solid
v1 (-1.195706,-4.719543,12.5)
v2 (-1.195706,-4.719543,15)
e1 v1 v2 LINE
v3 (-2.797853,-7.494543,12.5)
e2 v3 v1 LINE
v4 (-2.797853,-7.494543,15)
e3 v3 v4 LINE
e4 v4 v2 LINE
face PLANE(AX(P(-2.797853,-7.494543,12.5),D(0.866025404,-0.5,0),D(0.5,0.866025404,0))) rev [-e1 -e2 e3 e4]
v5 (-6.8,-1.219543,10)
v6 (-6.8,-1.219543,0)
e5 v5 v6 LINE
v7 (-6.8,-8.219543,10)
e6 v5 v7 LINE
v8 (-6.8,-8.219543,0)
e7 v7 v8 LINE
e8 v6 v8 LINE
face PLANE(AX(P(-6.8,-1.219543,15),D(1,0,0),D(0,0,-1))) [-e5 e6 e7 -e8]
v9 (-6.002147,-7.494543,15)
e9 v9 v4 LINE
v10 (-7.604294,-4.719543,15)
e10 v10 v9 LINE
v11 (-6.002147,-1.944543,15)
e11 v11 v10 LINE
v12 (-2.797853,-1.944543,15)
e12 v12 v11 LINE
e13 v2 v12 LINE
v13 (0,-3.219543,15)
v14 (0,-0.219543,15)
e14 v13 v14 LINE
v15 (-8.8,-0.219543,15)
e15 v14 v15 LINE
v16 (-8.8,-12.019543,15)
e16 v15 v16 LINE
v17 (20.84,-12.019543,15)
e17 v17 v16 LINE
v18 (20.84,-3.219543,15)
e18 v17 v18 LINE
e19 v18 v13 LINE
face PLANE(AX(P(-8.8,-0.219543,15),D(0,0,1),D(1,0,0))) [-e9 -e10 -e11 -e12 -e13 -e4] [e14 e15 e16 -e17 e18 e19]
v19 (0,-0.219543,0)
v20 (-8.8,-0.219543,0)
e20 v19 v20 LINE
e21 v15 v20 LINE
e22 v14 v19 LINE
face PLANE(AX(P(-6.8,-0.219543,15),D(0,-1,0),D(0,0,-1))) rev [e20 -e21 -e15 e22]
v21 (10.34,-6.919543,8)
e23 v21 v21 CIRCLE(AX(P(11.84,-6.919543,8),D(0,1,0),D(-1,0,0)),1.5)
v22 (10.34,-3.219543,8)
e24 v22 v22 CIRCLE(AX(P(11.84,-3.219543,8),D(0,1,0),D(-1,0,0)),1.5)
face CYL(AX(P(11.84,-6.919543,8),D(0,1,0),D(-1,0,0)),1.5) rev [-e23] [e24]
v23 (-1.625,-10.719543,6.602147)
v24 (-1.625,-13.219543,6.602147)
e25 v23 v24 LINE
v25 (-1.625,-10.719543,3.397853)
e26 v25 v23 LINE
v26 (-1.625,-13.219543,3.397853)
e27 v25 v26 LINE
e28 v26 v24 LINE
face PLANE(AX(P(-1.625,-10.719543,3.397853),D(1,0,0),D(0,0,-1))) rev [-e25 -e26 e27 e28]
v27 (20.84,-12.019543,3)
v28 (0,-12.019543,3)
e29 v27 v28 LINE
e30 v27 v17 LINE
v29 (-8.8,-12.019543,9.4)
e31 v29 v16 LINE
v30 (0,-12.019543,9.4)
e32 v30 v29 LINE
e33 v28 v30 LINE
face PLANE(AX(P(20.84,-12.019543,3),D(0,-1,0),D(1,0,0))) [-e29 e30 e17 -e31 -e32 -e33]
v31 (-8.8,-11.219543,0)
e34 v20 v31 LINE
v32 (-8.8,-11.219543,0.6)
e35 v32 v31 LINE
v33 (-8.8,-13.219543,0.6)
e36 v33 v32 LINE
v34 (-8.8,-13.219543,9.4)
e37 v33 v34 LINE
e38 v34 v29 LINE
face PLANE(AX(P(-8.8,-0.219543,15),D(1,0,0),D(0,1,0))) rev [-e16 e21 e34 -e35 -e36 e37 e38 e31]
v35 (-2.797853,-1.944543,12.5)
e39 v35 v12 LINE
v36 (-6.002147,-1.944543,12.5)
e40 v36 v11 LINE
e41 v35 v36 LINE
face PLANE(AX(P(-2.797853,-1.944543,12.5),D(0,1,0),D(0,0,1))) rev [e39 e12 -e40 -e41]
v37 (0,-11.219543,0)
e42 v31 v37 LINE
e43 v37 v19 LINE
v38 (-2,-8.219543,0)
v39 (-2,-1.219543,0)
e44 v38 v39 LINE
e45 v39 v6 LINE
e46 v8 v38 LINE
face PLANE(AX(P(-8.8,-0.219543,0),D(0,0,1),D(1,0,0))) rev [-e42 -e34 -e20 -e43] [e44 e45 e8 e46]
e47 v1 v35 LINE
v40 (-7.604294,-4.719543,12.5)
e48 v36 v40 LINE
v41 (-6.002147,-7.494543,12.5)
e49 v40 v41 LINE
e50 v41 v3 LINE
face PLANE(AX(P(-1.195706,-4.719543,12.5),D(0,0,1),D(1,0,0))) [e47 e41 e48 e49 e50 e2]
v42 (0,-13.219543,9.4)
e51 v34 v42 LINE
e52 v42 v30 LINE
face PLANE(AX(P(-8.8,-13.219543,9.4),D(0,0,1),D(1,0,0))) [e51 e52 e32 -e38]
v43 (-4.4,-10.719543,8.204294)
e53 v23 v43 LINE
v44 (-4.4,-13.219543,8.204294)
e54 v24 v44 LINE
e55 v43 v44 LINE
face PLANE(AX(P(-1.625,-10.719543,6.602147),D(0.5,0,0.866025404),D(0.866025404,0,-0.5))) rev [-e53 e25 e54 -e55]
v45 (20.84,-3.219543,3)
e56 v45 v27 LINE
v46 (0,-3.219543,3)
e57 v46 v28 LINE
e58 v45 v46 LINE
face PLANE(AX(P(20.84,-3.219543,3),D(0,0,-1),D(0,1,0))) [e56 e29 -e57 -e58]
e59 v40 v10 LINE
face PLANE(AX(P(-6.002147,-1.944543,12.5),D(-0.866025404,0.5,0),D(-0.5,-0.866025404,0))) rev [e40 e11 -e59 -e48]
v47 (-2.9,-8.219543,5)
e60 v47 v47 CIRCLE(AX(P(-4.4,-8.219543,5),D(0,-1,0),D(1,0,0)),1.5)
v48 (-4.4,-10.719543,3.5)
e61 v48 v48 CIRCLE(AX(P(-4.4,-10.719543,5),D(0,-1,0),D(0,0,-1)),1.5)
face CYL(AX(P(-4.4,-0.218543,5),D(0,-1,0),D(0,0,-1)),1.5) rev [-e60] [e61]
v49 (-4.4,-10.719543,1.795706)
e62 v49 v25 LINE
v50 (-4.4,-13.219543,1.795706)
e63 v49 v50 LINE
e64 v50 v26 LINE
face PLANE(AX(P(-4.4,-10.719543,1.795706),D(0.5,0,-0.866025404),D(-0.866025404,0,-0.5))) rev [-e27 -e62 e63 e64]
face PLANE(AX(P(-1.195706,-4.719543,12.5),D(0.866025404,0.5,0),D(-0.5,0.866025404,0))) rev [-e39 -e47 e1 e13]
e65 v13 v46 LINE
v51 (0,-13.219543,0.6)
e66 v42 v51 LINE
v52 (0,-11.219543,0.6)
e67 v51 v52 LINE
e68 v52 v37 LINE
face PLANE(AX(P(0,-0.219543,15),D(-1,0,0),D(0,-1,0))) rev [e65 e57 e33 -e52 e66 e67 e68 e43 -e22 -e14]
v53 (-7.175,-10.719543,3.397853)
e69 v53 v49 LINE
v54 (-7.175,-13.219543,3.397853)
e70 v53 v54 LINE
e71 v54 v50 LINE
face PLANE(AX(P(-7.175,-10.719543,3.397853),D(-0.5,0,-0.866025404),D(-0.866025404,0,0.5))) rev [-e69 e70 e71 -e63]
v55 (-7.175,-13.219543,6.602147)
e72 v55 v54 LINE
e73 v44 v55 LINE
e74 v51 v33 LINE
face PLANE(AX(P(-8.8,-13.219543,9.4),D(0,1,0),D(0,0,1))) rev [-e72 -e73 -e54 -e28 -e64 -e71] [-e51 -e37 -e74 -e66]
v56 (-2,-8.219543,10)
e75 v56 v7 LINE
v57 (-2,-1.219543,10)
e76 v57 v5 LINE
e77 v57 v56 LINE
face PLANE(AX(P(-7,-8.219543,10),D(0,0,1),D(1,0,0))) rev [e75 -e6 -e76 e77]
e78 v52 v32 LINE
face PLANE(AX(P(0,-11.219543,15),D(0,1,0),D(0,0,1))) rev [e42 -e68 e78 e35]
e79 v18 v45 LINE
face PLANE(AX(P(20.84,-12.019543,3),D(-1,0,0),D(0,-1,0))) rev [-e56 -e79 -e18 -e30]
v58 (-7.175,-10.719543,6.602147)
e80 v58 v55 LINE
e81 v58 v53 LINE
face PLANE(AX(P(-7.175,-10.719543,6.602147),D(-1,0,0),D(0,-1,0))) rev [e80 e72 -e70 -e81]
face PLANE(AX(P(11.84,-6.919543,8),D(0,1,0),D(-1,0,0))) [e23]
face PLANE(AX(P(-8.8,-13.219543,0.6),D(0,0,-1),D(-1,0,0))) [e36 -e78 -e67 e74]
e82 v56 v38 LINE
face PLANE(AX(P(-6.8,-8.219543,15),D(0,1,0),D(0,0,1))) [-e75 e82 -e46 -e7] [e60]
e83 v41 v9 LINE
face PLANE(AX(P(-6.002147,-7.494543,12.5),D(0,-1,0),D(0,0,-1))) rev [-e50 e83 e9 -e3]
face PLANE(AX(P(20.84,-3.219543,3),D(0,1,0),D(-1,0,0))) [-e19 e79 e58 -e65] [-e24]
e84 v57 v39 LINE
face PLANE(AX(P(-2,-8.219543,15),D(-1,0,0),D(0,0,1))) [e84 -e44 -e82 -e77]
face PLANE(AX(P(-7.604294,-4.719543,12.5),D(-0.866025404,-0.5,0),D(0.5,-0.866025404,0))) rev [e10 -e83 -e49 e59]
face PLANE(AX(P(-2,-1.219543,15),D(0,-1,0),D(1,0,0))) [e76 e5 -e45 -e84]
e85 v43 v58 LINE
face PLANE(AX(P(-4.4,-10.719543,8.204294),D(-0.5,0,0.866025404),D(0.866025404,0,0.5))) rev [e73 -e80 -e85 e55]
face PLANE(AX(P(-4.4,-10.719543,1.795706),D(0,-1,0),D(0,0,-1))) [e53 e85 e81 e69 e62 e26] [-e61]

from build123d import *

# Parameters (mm, degrees)
SKETCH_1_W          = 4.8
SKETCH_1_H          = 7
EXTRUDE_1_DEPTH     = 15
SKETCH_2_W          = 5
SKETCH_2_H          = 7
EXTRUDE_2_DEPTH     = 5
SKETCH_3_R          = 1.5
CUT_EXTRUDE_1_DEPTH = 15
SKETCH_5_W          = 12
SKETCH_5_H          = 8.8
EXTRUDE_4_DEPTH     = 29.64
CUT_EXTRUDE_2_DEPTH = 2.5
CUT_EXTRUDE_3_REACH = 13
SKETCH_8_R          = 1.5
SKETCH_9_W          = 8.8
SKETCH_9_H          = 8.8
EXTRUDE_5_DEPTH     = 2
CUT_EXTRUDE_5_DEPTH = 2.5
SKETCH_11_R         = 1.5
CUT_EXTRUDE_7_DEPTH = 3.7
SKETCH_12_W         = 4.8
SKETCH_12_H         = 7
CUT_EXTRUDE_8_DEPTH = 10


with BuildPart() as part:
    # 草图1 → 凸台-拉伸1 (new body)
    with BuildSketch(Plane.XY):
        Polygon((-6.8, -0.219543147), (0, -0.219543147), (0, -11.219543147), (-6.8, -11.219543147), (-8.8, -11.219543147), (-8.8, -0.219543147), align=None)
        with Locations((-4.4, -4.719543147)):
            Rectangle(SKETCH_1_W, SKETCH_1_H, mode=Mode.SUBTRACT)
    extrude(amount=EXTRUDE_1_DEPTH)

    # 草图2 → 凸台-拉伸2 (add)
    with BuildSketch(Plane.ZY.offset(2)):
        with Locations((12.5, -4.719543147)):
            Rectangle(SKETCH_2_W, SKETCH_2_H)
    extrude(amount=EXTRUDE_2_DEPTH)

    # 草图3 → 切除-拉伸1 (cut)
    with BuildSketch(Plane.XY.offset(15)):
        with Locations((-4.4, -4.719543147)):
            Circle(SKETCH_3_R)
    extrude(amount=-CUT_EXTRUDE_1_DEPTH, mode=Mode.SUBTRACT)

    # 草图5 → 凸台-拉伸4 (add)
    with BuildSketch(Plane.ZY.offset(8.8)):
        with Locations((9, -7.619543147)):
            Rectangle(SKETCH_5_W, SKETCH_5_H)
    extrude(amount=-EXTRUDE_4_DEPTH)

    # 草图7 → 切除-拉伸2 (cut)
    with BuildSketch(Plane.XY.offset(15)):
        Polygon((-1.195706006, -4.719543147), (-2.797853003, -1.944543147), (-6.002146997, -1.944543147), (-7.604293994, -4.719543147), (-6.002146997, -7.494543147), (-2.797853003, -7.494543147), align=None)
    extrude(amount=-CUT_EXTRUDE_2_DEPTH, mode=Mode.SUBTRACT)

    # 草图8 → 切除-拉伸3 (cut, up to next)
    with BuildSketch(Plane(origin=(0, -11.219543147, 0), x_dir=(-1, 0, 0), z_dir=(0, 1, 0)), mode=Mode.PRIVATE) as cut_extrude_3_sk1:
        with Locations((4.4, 5)):
            Circle(SKETCH_8_R)
    cut_extrude_3_tool1 = extrude(cut_extrude_3_sk1.sketch, amount=CUT_EXTRUDE_3_REACH, mode=Mode.PRIVATE) & part.part
    add(cut_extrude_3_tool1.solids().sort_by_distance((-4.4, -11.219543, 5))[0], mode=Mode.SUBTRACT)

    # 草图9 → 凸台-拉伸5 (add)
    with BuildSketch(Plane(origin=(0, -11.219543147, 0), x_dir=(-1, 0, 0), z_dir=(0, 1, 0))):
        with Locations((4.4, 5)):
            Rectangle(SKETCH_9_W, SKETCH_9_H)
    extrude(amount=-EXTRUDE_5_DEPTH)

    # 草图10 → 切除-拉伸5 (cut)
    with BuildSketch(Plane.XZ.offset(13.219543147)):
        Polygon((-4.4, 1.795706006), (-1.625, 3.397853003), (-1.625, 6.602146997), (-4.4, 8.204293994), (-7.175, 6.602146997), (-7.175, 3.397853003), align=None)
    extrude(amount=-CUT_EXTRUDE_5_DEPTH, mode=Mode.SUBTRACT)

    # 草图11 → 切除-拉伸7 (cut)
    with BuildSketch(Plane(origin=(0, -3.219543147, 0), x_dir=(-1, 0, 0), z_dir=(0, 1, 0))):
        with Locations((-11.84, 8)):
            Circle(SKETCH_11_R)
    extrude(amount=-CUT_EXTRUDE_7_DEPTH, mode=Mode.SUBTRACT)

    # 草图12 → 切除-拉伸8 (cut)
    with BuildSketch(Plane(origin=(0, 0, 0), x_dir=(-1, 0, 0), z_dir=(0, 0, -1))):
        with Locations((4.4, -4.719543147)):
            Rectangle(SKETCH_12_W, SKETCH_12_H)
    extrude(amount=-CUT_EXTRUDE_8_DEPTH, mode=Mode.SUBTRACT)


solid = part.part
